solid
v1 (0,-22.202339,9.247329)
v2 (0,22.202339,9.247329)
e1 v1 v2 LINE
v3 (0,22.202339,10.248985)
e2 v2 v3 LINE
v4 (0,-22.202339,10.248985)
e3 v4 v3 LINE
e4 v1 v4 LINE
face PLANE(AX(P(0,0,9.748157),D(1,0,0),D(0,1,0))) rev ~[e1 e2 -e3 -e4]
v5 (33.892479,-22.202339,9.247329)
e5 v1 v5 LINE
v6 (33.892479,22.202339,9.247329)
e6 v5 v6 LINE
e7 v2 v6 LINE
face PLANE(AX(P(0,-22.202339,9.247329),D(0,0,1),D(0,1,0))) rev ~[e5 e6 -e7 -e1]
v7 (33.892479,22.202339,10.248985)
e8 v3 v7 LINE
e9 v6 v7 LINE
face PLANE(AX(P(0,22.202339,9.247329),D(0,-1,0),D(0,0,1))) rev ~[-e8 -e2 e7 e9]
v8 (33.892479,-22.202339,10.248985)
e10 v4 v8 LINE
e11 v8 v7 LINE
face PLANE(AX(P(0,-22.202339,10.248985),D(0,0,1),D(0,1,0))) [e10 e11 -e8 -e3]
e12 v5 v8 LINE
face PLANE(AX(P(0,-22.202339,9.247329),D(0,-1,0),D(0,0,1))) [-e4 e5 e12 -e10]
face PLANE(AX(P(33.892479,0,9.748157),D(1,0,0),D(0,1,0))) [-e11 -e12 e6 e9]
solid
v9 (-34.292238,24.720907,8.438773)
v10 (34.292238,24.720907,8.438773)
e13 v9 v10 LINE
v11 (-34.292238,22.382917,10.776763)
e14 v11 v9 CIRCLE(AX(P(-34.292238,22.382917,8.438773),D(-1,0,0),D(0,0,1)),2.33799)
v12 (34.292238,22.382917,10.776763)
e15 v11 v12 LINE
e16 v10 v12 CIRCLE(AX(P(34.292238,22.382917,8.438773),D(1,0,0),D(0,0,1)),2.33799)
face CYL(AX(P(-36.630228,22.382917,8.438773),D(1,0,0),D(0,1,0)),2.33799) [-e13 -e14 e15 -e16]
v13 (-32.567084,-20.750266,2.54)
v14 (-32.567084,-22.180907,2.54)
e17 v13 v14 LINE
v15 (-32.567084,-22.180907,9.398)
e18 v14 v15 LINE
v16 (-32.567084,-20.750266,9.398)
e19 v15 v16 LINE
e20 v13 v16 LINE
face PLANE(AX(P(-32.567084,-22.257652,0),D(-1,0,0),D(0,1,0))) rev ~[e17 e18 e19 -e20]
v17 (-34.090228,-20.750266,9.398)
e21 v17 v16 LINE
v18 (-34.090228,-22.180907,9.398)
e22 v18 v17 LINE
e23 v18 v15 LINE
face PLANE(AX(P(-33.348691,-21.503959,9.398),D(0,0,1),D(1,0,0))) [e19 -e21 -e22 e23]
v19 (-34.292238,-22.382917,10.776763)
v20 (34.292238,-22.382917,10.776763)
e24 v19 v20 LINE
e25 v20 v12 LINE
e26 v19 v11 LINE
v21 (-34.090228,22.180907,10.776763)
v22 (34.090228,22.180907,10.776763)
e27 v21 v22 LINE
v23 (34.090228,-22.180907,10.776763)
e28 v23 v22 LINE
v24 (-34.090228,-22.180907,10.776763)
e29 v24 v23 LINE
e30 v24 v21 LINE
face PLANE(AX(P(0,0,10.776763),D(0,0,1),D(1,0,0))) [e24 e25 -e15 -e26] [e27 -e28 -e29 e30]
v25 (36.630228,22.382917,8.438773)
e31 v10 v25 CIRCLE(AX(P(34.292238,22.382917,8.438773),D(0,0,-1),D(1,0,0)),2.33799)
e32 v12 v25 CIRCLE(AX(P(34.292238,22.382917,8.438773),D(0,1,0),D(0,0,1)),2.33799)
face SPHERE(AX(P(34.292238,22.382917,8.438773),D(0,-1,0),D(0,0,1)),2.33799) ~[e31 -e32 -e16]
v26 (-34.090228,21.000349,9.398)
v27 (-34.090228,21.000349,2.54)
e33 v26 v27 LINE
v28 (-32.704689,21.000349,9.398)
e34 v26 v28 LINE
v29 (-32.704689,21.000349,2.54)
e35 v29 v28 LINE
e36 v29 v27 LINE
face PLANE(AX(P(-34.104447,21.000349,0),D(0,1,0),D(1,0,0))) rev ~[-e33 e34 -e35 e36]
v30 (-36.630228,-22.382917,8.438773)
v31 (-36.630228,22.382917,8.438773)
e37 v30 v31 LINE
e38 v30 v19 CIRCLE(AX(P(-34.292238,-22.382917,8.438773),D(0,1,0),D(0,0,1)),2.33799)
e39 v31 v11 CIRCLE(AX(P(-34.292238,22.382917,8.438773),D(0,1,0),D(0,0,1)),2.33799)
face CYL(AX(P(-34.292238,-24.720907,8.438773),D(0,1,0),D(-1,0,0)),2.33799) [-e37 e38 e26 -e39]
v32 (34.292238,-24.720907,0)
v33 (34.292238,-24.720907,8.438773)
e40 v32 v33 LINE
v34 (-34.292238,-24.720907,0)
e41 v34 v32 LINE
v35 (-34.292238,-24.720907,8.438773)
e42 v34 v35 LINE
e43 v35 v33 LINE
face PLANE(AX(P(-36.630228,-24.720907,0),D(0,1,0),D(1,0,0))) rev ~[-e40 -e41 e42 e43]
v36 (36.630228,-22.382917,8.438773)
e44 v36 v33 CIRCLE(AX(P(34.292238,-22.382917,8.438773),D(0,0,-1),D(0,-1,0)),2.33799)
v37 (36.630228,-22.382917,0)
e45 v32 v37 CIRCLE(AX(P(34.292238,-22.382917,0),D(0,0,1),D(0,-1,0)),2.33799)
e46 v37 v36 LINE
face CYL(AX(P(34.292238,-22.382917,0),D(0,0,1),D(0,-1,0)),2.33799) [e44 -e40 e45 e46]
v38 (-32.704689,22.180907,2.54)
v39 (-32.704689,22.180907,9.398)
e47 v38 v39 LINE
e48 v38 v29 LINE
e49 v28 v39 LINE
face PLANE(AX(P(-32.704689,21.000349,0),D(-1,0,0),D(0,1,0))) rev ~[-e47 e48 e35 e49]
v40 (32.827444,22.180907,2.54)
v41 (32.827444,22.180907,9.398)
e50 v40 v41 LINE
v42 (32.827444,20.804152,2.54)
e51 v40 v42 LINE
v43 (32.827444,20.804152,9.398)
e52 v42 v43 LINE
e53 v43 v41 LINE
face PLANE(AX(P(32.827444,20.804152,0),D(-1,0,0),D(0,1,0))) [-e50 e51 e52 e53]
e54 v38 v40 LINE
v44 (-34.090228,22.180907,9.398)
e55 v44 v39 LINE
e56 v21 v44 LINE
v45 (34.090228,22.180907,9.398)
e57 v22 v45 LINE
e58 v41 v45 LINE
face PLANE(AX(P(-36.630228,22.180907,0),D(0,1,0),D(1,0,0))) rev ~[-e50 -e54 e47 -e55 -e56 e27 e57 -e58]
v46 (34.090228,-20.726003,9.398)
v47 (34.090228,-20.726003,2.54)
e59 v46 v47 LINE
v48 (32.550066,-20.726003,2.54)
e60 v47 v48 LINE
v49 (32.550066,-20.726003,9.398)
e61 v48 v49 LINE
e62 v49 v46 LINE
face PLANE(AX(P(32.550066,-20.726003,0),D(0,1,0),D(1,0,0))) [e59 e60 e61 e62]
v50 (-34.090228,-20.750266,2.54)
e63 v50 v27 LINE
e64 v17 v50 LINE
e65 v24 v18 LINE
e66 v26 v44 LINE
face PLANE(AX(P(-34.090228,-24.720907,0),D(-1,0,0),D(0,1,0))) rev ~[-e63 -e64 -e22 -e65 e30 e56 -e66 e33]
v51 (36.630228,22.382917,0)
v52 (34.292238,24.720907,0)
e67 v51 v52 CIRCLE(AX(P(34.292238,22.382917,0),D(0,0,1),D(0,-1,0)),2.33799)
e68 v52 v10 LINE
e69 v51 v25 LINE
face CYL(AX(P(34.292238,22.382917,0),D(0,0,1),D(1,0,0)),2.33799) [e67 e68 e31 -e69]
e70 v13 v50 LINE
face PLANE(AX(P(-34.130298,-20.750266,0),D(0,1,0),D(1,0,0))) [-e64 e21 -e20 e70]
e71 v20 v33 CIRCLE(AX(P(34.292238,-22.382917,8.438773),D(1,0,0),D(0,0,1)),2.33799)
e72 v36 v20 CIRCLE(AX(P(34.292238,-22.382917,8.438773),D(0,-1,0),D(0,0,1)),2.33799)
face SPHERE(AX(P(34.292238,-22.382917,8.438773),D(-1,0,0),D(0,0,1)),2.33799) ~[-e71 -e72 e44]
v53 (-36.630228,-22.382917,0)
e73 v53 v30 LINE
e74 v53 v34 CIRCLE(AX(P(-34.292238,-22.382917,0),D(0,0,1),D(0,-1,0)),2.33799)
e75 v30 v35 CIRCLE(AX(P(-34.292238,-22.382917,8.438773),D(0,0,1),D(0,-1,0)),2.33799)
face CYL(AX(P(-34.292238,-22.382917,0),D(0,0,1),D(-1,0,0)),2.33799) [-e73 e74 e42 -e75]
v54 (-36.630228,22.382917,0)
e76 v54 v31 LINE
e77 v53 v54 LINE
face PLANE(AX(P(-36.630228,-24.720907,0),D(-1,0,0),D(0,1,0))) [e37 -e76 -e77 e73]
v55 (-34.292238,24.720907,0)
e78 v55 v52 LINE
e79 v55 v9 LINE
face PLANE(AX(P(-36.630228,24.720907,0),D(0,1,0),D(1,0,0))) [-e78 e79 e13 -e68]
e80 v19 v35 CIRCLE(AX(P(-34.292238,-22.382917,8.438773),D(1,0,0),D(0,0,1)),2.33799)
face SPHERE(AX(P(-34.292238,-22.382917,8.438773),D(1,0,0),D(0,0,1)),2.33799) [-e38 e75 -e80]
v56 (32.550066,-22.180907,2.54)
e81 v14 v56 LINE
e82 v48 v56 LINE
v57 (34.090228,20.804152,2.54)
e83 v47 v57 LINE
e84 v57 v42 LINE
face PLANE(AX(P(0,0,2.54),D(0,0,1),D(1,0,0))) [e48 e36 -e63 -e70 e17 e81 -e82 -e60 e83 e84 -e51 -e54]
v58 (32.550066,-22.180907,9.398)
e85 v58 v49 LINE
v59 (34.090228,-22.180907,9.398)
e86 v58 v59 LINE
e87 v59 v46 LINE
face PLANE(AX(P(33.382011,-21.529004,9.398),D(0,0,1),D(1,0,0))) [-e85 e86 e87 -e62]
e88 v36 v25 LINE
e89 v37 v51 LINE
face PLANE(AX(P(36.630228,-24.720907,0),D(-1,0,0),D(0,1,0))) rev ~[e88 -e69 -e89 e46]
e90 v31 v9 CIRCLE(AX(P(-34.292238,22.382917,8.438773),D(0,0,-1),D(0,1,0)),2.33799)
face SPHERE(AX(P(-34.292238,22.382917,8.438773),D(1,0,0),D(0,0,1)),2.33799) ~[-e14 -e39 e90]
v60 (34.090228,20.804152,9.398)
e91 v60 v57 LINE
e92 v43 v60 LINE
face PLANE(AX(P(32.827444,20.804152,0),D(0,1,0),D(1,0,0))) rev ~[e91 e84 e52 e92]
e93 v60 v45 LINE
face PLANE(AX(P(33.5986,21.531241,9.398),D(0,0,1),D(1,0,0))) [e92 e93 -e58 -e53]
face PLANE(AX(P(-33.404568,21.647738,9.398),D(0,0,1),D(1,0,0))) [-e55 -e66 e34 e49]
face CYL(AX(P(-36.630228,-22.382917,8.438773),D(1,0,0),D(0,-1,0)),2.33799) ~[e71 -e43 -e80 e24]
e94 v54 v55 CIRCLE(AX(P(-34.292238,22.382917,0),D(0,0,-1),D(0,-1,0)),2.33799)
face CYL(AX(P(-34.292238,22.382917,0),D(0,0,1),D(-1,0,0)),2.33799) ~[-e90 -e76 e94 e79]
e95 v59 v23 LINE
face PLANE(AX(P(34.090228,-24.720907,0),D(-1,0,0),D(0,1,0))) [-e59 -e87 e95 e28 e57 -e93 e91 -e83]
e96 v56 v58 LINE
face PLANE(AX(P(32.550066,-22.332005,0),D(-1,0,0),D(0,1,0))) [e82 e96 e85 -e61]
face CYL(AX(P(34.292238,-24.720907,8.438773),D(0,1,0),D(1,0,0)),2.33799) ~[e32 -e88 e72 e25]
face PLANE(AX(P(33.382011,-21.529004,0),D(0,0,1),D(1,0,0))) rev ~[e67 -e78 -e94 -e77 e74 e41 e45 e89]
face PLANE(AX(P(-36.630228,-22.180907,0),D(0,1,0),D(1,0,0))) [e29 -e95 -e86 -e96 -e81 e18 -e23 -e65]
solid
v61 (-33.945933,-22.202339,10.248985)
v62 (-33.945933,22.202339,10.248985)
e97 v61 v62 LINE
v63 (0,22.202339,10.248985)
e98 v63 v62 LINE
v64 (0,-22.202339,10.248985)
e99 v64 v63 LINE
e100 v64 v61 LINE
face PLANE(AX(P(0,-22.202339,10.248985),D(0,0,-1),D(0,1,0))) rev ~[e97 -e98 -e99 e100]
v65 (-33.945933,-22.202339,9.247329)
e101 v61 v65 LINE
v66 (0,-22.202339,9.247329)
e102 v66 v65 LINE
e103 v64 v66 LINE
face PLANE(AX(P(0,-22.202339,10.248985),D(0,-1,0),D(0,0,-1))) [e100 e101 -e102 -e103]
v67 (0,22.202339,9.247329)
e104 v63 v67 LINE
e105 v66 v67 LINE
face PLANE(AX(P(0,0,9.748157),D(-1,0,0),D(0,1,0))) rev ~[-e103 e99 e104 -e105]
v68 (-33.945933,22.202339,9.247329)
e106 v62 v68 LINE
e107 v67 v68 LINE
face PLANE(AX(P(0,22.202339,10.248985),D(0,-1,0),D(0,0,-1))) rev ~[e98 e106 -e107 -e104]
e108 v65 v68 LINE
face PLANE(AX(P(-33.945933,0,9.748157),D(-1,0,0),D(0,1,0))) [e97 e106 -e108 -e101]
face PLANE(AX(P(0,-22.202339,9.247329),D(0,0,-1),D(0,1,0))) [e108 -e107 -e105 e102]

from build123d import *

# Parameters (mm, degrees)
F0_W       = 73.260456
F0_H       = 49.441814
F1_DEPTH   = 10.776763
F2_T       = -2.54
F3_R       = 2.33799
F4_W       = 1.399759
F4_H       = 1.294777
F5_DEPTH   = 9.398
F6_W       = 1.563214
F6_H       = 1.507386
F7_DEPTH   = 9.398
F8_W       = 1.542312
F8_H       = 1.454178
F9_DEPTH   = 9.398
F10_W      = 1.663889
F10_H      = 1.606002
F11_DEPTH  = 9.398
F12_W      = 44.404678
F12_H      = 1.001656
F13_DEPTH  = 33.892479
F13_FACE_W = 44.404678
F13_FACE_H = 1.001656
F14_DEPTH  = 33.945933


with BuildPart() as f1:
    # F0 (on Top) → F1 (new body)
    with BuildSketch(Plane.XY):
        Rectangle(F0_W, F0_H)
    extrude(amount=F1_DEPTH)

    # F2
    f2_openings = [f1.faces().sort_by_distance(p)[0] for p in [
        (0, 0, 10.776763),
    ]]
    offset(amount=F2_T, openings=f2_openings)

    # F3
    f3_edges = [f1.edges().sort_by_distance(p)[0] for p in [
        (0, -24.720907, 10.776763),
        (36.630228, 0, 10.776763),
        (0, 24.720907, 10.776763),
        (-36.630228, 0, 10.776763),
        (-36.630228, -24.720907, 5.388381),
        (36.630228, -24.720907, 5.388381),
        (36.630228, 24.720907, 5.388381),
        (-36.630228, 24.720907, 5.388381),
    ]]
    fillet(f3_edges, radius=F3_R)

    # F4 (on Top) → F5 (join)
    with BuildSketch(Plane.XY):
        with Locations((-33.404568, 21.647738)):
            Rectangle(F4_W, F4_H)
    extrude(amount=F5_DEPTH)

    # F6 (on Top) → F7 (join)
    with BuildSketch(Plane.XY):
        with Locations((-33.348691, -21.503959)):
            Rectangle(F6_W, F6_H)
    extrude(amount=F7_DEPTH)

    # F8 (on Top) → F9 (join)
    with BuildSketch(Plane.XY):
        with Locations((33.5986, 21.531241)):
            Rectangle(F8_W, F8_H)
    extrude(amount=F9_DEPTH)

    # F10 (on Top) → F11 (join)
    with BuildSketch(Plane.XY):
        with Locations((33.382011, -21.529004)):
            Rectangle(F10_W, F10_H)
    extrude(amount=F11_DEPTH)


with BuildPart() as f13:
    # F12 (on Right) → F13 (new body)
    with BuildSketch(Plane.YZ):
        with Locations((0, 9.748157)):
            Rectangle(F12_W, F12_H)
    extrude(amount=F13_DEPTH)


with BuildPart() as f14:
    # F13_face (on face) → F14 (new body)
    with BuildSketch(Plane(origin=(0, 0, 9.748157), x_dir=(0, 1, 0), z_dir=(-1, 0, 0))):
        Rectangle(F13_FACE_W, F13_FACE_H)
    extrude(amount=F14_DEPTH)


solid = Compound([f1.part, f13.part, f14.part])
